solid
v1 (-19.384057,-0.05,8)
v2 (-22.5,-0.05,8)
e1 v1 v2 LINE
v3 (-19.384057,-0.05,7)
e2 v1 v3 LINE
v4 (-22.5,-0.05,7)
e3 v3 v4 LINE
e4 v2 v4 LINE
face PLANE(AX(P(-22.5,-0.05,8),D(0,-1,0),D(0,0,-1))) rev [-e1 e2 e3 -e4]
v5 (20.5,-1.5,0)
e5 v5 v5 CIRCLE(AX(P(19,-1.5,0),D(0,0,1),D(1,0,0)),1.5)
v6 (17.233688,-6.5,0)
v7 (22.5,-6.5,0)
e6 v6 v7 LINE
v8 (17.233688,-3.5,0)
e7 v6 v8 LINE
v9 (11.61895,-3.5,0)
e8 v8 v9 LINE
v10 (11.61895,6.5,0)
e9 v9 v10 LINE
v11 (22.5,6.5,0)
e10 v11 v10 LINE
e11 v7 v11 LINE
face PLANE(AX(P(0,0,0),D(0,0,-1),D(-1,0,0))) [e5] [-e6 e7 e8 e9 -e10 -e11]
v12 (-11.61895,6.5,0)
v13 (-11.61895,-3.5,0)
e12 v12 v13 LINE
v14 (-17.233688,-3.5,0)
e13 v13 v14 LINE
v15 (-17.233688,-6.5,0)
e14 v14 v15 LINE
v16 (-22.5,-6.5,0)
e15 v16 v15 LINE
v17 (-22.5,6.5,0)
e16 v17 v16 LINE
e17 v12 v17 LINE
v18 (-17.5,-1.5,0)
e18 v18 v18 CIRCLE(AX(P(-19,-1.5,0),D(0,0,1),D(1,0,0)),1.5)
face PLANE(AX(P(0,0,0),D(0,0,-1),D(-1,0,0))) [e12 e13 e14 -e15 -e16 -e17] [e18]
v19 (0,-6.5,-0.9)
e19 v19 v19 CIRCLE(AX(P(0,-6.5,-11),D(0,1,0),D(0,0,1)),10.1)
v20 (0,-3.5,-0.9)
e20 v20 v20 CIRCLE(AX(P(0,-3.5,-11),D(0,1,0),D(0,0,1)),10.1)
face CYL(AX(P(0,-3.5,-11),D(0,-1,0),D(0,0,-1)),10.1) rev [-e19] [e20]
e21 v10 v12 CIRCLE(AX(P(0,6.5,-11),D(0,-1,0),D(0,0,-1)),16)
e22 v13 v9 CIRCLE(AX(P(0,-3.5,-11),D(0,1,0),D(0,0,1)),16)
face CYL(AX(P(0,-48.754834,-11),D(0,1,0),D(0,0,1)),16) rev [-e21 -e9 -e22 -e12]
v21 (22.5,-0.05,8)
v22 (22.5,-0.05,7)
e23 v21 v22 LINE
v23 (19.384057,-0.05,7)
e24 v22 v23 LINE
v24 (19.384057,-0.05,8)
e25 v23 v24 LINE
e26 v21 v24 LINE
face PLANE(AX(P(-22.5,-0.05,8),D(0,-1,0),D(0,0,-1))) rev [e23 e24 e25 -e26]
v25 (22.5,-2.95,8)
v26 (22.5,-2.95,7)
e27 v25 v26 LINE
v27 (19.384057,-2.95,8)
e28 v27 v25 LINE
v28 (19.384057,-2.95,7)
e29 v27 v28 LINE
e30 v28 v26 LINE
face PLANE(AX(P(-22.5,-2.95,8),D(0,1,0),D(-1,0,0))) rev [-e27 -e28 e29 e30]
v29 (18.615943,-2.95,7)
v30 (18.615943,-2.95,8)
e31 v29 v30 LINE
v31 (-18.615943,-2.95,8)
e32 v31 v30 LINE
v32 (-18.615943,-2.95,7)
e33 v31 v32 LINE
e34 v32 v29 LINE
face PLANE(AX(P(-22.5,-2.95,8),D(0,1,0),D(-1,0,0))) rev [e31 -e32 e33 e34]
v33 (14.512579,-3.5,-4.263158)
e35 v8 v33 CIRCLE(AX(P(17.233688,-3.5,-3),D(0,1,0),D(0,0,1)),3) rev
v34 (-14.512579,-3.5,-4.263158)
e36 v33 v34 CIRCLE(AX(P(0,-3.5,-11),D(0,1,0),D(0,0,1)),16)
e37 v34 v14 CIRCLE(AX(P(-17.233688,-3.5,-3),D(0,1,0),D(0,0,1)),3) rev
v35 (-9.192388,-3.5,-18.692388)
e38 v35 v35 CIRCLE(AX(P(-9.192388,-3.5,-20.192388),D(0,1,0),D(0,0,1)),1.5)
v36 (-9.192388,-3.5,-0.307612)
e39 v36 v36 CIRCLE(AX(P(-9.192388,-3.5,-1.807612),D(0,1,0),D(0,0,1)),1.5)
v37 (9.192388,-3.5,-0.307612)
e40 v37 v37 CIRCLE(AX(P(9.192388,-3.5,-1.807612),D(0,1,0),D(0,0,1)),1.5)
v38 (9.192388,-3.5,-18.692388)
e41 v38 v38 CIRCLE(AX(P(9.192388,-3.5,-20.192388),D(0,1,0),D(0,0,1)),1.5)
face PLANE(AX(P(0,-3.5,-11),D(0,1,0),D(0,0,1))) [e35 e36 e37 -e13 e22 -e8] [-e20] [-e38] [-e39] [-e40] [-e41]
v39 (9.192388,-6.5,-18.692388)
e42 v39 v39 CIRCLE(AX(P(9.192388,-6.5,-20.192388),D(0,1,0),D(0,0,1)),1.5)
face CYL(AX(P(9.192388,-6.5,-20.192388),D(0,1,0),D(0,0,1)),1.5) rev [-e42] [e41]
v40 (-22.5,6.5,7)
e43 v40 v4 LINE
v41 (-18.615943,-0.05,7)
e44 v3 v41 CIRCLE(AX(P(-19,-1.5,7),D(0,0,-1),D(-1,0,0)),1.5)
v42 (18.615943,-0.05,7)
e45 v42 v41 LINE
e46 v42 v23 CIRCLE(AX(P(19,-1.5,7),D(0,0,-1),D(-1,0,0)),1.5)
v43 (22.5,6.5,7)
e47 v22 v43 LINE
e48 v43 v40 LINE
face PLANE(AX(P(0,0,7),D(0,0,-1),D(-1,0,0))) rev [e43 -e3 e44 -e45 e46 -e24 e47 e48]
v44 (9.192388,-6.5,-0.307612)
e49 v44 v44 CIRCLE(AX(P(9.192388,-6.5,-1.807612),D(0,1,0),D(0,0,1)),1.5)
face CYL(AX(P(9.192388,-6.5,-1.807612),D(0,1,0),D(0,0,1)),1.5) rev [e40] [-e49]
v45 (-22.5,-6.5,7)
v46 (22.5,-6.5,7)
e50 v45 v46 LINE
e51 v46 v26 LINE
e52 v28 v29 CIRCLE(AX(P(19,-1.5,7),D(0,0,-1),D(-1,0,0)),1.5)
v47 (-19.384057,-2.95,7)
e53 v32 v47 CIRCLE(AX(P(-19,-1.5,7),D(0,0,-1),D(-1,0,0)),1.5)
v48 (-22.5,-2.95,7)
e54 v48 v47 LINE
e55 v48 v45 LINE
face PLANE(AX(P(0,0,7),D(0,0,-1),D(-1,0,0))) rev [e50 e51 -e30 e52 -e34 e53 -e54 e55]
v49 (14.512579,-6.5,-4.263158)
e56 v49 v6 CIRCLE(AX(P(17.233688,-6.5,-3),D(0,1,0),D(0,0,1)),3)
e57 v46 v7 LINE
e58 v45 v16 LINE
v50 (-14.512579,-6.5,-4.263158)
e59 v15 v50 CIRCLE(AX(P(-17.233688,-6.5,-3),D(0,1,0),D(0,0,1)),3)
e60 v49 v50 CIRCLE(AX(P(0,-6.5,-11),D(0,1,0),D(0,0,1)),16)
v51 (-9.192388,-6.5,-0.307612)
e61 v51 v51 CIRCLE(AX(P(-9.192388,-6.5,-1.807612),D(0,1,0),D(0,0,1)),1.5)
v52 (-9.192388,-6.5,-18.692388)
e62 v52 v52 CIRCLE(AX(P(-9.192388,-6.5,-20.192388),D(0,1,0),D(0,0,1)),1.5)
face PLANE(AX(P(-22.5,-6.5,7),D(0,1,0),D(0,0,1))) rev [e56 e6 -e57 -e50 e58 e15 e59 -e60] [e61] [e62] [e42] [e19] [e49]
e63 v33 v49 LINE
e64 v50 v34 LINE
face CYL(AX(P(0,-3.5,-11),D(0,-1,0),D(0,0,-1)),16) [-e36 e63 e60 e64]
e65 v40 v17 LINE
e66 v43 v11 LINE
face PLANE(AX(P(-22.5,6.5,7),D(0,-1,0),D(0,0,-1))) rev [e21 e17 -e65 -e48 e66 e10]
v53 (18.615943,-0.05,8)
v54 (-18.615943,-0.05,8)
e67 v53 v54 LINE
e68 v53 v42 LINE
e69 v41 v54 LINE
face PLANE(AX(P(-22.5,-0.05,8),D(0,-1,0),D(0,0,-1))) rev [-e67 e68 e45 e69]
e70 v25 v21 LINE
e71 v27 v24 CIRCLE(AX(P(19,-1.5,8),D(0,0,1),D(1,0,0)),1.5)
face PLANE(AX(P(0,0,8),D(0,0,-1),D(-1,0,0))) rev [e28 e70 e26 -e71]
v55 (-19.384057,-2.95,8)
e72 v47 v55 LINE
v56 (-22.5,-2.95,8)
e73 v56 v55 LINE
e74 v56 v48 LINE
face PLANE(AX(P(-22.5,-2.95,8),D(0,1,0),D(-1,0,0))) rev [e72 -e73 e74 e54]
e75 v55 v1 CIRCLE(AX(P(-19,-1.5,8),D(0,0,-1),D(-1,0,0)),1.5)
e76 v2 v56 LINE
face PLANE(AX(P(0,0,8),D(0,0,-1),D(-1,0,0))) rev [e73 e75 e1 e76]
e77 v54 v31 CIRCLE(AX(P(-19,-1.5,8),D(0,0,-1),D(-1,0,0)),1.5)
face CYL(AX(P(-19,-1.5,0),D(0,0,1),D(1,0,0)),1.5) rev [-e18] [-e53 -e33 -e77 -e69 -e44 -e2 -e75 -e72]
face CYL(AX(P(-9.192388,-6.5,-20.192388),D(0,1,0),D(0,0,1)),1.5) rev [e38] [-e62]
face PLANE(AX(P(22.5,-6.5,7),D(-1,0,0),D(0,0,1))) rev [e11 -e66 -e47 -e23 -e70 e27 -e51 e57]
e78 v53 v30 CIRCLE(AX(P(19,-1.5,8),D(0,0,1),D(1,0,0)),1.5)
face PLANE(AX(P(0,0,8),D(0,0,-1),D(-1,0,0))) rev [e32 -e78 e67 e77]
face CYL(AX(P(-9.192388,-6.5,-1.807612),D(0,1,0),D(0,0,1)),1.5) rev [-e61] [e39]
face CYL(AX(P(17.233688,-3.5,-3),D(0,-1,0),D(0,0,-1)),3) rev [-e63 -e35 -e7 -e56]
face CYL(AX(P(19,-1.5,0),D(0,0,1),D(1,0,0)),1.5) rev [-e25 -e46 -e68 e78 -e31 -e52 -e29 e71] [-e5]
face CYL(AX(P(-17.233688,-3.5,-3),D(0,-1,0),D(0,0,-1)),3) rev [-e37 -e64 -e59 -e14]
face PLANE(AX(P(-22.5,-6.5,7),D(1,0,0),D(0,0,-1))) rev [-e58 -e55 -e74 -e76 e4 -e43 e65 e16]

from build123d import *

# Parameters (mm, degrees)
SKETCH1_W           = 45
SKETCH1_H           = 13
MAIN_DEPTH          = 7
SKETCH4_W           = 45
SKETCH4_H           = 2.9
MAKERBEAMFIX_DEPTH  = 1
SKETCH5_R           = 1.5
MAKERBEAMHOLE_DEPTH = 9
SKETCH6_R           = 16
SKETCH6_R_2         = 10.1
MOTORFIX_DEPTH      = 3
SKETCH7_R           = 16
MOTORHOLE_DEPTH     = 10
SKETCH8_R           = 1.5
MOTORFIXHOLE_DEPTH  = 14
FILLET1_R           = 3


with BuildPart() as part:
    # Sketch1 → Main (new body)
    with BuildSketch(Plane.XY):
        Rectangle(SKETCH1_W, SKETCH1_H)
    extrude(amount=MAIN_DEPTH)

    # Sketch4 → MakerBeamFix (add)
    with BuildSketch(Plane.XY.offset(7)):
        with Locations((0, -1.5)):
            Rectangle(SKETCH4_W, SKETCH4_H)
    extrude(amount=MAKERBEAMFIX_DEPTH)

    # Sketch5 → MakerBeamHole (cut, through all)
    with BuildSketch(Plane.XY.offset(8)):
        with Locations((-19, -1.5)):
            Circle(SKETCH5_R)
        with Locations((19, -1.5)):
            Circle(SKETCH5_R)
    extrude(amount=-MAKERBEAMHOLE_DEPTH, mode=Mode.SUBTRACT)

    # Sketch6 → MotorFix (add)
    with BuildSketch(Plane(origin=(0, -6.5, 0), x_dir=(1, 0, 0), z_dir=(0, 1, 0))):
        with Locations((0, 11)):
            Circle(SKETCH6_R)
        with Locations((0, 11)):
            Circle(SKETCH6_R_2, mode=Mode.SUBTRACT)
    extrude(amount=MOTORFIX_DEPTH)

    # Sketch7 → MotorHole (cut)
    with BuildSketch(Plane(origin=(0, 6.5, 0), x_dir=(-1, 0, 0), z_dir=(0, -1, 0))):
        with Locations((0, 11)):
            Circle(SKETCH7_R)
    extrude(amount=MOTORHOLE_DEPTH, mode=Mode.SUBTRACT)

    # Sketch8 → MotorFixHole (cut, through all)
    with BuildSketch(Plane(origin=(0, 6.5, 0), x_dir=(1, 0, 0), z_dir=(0, 1, 0))):
        with Locations((9.192388155, 20.192388155)):
            Circle(SKETCH8_R)
        with Locations((-9.192388155, 20.192388155)):
            Circle(SKETCH8_R)
        with Locations((-9.192388155, 1.807611845)):
            Circle(SKETCH8_R)
        with Locations((9.192388155, 1.807611845)):
            Circle(SKETCH8_R)
    extrude(amount=-MOTORFIXHOLE_DEPTH, mode=Mode.SUBTRACT)

    # Fillet1
    fillet1_edges = [part.edges().sort_by_distance(p)[0] for p in [
        (-11.618950039, -5, 0),
        (11.618950039, -5, 0),
    ]]
    fillet(fillet1_edges, radius=FILLET1_R)


solid = part.part
